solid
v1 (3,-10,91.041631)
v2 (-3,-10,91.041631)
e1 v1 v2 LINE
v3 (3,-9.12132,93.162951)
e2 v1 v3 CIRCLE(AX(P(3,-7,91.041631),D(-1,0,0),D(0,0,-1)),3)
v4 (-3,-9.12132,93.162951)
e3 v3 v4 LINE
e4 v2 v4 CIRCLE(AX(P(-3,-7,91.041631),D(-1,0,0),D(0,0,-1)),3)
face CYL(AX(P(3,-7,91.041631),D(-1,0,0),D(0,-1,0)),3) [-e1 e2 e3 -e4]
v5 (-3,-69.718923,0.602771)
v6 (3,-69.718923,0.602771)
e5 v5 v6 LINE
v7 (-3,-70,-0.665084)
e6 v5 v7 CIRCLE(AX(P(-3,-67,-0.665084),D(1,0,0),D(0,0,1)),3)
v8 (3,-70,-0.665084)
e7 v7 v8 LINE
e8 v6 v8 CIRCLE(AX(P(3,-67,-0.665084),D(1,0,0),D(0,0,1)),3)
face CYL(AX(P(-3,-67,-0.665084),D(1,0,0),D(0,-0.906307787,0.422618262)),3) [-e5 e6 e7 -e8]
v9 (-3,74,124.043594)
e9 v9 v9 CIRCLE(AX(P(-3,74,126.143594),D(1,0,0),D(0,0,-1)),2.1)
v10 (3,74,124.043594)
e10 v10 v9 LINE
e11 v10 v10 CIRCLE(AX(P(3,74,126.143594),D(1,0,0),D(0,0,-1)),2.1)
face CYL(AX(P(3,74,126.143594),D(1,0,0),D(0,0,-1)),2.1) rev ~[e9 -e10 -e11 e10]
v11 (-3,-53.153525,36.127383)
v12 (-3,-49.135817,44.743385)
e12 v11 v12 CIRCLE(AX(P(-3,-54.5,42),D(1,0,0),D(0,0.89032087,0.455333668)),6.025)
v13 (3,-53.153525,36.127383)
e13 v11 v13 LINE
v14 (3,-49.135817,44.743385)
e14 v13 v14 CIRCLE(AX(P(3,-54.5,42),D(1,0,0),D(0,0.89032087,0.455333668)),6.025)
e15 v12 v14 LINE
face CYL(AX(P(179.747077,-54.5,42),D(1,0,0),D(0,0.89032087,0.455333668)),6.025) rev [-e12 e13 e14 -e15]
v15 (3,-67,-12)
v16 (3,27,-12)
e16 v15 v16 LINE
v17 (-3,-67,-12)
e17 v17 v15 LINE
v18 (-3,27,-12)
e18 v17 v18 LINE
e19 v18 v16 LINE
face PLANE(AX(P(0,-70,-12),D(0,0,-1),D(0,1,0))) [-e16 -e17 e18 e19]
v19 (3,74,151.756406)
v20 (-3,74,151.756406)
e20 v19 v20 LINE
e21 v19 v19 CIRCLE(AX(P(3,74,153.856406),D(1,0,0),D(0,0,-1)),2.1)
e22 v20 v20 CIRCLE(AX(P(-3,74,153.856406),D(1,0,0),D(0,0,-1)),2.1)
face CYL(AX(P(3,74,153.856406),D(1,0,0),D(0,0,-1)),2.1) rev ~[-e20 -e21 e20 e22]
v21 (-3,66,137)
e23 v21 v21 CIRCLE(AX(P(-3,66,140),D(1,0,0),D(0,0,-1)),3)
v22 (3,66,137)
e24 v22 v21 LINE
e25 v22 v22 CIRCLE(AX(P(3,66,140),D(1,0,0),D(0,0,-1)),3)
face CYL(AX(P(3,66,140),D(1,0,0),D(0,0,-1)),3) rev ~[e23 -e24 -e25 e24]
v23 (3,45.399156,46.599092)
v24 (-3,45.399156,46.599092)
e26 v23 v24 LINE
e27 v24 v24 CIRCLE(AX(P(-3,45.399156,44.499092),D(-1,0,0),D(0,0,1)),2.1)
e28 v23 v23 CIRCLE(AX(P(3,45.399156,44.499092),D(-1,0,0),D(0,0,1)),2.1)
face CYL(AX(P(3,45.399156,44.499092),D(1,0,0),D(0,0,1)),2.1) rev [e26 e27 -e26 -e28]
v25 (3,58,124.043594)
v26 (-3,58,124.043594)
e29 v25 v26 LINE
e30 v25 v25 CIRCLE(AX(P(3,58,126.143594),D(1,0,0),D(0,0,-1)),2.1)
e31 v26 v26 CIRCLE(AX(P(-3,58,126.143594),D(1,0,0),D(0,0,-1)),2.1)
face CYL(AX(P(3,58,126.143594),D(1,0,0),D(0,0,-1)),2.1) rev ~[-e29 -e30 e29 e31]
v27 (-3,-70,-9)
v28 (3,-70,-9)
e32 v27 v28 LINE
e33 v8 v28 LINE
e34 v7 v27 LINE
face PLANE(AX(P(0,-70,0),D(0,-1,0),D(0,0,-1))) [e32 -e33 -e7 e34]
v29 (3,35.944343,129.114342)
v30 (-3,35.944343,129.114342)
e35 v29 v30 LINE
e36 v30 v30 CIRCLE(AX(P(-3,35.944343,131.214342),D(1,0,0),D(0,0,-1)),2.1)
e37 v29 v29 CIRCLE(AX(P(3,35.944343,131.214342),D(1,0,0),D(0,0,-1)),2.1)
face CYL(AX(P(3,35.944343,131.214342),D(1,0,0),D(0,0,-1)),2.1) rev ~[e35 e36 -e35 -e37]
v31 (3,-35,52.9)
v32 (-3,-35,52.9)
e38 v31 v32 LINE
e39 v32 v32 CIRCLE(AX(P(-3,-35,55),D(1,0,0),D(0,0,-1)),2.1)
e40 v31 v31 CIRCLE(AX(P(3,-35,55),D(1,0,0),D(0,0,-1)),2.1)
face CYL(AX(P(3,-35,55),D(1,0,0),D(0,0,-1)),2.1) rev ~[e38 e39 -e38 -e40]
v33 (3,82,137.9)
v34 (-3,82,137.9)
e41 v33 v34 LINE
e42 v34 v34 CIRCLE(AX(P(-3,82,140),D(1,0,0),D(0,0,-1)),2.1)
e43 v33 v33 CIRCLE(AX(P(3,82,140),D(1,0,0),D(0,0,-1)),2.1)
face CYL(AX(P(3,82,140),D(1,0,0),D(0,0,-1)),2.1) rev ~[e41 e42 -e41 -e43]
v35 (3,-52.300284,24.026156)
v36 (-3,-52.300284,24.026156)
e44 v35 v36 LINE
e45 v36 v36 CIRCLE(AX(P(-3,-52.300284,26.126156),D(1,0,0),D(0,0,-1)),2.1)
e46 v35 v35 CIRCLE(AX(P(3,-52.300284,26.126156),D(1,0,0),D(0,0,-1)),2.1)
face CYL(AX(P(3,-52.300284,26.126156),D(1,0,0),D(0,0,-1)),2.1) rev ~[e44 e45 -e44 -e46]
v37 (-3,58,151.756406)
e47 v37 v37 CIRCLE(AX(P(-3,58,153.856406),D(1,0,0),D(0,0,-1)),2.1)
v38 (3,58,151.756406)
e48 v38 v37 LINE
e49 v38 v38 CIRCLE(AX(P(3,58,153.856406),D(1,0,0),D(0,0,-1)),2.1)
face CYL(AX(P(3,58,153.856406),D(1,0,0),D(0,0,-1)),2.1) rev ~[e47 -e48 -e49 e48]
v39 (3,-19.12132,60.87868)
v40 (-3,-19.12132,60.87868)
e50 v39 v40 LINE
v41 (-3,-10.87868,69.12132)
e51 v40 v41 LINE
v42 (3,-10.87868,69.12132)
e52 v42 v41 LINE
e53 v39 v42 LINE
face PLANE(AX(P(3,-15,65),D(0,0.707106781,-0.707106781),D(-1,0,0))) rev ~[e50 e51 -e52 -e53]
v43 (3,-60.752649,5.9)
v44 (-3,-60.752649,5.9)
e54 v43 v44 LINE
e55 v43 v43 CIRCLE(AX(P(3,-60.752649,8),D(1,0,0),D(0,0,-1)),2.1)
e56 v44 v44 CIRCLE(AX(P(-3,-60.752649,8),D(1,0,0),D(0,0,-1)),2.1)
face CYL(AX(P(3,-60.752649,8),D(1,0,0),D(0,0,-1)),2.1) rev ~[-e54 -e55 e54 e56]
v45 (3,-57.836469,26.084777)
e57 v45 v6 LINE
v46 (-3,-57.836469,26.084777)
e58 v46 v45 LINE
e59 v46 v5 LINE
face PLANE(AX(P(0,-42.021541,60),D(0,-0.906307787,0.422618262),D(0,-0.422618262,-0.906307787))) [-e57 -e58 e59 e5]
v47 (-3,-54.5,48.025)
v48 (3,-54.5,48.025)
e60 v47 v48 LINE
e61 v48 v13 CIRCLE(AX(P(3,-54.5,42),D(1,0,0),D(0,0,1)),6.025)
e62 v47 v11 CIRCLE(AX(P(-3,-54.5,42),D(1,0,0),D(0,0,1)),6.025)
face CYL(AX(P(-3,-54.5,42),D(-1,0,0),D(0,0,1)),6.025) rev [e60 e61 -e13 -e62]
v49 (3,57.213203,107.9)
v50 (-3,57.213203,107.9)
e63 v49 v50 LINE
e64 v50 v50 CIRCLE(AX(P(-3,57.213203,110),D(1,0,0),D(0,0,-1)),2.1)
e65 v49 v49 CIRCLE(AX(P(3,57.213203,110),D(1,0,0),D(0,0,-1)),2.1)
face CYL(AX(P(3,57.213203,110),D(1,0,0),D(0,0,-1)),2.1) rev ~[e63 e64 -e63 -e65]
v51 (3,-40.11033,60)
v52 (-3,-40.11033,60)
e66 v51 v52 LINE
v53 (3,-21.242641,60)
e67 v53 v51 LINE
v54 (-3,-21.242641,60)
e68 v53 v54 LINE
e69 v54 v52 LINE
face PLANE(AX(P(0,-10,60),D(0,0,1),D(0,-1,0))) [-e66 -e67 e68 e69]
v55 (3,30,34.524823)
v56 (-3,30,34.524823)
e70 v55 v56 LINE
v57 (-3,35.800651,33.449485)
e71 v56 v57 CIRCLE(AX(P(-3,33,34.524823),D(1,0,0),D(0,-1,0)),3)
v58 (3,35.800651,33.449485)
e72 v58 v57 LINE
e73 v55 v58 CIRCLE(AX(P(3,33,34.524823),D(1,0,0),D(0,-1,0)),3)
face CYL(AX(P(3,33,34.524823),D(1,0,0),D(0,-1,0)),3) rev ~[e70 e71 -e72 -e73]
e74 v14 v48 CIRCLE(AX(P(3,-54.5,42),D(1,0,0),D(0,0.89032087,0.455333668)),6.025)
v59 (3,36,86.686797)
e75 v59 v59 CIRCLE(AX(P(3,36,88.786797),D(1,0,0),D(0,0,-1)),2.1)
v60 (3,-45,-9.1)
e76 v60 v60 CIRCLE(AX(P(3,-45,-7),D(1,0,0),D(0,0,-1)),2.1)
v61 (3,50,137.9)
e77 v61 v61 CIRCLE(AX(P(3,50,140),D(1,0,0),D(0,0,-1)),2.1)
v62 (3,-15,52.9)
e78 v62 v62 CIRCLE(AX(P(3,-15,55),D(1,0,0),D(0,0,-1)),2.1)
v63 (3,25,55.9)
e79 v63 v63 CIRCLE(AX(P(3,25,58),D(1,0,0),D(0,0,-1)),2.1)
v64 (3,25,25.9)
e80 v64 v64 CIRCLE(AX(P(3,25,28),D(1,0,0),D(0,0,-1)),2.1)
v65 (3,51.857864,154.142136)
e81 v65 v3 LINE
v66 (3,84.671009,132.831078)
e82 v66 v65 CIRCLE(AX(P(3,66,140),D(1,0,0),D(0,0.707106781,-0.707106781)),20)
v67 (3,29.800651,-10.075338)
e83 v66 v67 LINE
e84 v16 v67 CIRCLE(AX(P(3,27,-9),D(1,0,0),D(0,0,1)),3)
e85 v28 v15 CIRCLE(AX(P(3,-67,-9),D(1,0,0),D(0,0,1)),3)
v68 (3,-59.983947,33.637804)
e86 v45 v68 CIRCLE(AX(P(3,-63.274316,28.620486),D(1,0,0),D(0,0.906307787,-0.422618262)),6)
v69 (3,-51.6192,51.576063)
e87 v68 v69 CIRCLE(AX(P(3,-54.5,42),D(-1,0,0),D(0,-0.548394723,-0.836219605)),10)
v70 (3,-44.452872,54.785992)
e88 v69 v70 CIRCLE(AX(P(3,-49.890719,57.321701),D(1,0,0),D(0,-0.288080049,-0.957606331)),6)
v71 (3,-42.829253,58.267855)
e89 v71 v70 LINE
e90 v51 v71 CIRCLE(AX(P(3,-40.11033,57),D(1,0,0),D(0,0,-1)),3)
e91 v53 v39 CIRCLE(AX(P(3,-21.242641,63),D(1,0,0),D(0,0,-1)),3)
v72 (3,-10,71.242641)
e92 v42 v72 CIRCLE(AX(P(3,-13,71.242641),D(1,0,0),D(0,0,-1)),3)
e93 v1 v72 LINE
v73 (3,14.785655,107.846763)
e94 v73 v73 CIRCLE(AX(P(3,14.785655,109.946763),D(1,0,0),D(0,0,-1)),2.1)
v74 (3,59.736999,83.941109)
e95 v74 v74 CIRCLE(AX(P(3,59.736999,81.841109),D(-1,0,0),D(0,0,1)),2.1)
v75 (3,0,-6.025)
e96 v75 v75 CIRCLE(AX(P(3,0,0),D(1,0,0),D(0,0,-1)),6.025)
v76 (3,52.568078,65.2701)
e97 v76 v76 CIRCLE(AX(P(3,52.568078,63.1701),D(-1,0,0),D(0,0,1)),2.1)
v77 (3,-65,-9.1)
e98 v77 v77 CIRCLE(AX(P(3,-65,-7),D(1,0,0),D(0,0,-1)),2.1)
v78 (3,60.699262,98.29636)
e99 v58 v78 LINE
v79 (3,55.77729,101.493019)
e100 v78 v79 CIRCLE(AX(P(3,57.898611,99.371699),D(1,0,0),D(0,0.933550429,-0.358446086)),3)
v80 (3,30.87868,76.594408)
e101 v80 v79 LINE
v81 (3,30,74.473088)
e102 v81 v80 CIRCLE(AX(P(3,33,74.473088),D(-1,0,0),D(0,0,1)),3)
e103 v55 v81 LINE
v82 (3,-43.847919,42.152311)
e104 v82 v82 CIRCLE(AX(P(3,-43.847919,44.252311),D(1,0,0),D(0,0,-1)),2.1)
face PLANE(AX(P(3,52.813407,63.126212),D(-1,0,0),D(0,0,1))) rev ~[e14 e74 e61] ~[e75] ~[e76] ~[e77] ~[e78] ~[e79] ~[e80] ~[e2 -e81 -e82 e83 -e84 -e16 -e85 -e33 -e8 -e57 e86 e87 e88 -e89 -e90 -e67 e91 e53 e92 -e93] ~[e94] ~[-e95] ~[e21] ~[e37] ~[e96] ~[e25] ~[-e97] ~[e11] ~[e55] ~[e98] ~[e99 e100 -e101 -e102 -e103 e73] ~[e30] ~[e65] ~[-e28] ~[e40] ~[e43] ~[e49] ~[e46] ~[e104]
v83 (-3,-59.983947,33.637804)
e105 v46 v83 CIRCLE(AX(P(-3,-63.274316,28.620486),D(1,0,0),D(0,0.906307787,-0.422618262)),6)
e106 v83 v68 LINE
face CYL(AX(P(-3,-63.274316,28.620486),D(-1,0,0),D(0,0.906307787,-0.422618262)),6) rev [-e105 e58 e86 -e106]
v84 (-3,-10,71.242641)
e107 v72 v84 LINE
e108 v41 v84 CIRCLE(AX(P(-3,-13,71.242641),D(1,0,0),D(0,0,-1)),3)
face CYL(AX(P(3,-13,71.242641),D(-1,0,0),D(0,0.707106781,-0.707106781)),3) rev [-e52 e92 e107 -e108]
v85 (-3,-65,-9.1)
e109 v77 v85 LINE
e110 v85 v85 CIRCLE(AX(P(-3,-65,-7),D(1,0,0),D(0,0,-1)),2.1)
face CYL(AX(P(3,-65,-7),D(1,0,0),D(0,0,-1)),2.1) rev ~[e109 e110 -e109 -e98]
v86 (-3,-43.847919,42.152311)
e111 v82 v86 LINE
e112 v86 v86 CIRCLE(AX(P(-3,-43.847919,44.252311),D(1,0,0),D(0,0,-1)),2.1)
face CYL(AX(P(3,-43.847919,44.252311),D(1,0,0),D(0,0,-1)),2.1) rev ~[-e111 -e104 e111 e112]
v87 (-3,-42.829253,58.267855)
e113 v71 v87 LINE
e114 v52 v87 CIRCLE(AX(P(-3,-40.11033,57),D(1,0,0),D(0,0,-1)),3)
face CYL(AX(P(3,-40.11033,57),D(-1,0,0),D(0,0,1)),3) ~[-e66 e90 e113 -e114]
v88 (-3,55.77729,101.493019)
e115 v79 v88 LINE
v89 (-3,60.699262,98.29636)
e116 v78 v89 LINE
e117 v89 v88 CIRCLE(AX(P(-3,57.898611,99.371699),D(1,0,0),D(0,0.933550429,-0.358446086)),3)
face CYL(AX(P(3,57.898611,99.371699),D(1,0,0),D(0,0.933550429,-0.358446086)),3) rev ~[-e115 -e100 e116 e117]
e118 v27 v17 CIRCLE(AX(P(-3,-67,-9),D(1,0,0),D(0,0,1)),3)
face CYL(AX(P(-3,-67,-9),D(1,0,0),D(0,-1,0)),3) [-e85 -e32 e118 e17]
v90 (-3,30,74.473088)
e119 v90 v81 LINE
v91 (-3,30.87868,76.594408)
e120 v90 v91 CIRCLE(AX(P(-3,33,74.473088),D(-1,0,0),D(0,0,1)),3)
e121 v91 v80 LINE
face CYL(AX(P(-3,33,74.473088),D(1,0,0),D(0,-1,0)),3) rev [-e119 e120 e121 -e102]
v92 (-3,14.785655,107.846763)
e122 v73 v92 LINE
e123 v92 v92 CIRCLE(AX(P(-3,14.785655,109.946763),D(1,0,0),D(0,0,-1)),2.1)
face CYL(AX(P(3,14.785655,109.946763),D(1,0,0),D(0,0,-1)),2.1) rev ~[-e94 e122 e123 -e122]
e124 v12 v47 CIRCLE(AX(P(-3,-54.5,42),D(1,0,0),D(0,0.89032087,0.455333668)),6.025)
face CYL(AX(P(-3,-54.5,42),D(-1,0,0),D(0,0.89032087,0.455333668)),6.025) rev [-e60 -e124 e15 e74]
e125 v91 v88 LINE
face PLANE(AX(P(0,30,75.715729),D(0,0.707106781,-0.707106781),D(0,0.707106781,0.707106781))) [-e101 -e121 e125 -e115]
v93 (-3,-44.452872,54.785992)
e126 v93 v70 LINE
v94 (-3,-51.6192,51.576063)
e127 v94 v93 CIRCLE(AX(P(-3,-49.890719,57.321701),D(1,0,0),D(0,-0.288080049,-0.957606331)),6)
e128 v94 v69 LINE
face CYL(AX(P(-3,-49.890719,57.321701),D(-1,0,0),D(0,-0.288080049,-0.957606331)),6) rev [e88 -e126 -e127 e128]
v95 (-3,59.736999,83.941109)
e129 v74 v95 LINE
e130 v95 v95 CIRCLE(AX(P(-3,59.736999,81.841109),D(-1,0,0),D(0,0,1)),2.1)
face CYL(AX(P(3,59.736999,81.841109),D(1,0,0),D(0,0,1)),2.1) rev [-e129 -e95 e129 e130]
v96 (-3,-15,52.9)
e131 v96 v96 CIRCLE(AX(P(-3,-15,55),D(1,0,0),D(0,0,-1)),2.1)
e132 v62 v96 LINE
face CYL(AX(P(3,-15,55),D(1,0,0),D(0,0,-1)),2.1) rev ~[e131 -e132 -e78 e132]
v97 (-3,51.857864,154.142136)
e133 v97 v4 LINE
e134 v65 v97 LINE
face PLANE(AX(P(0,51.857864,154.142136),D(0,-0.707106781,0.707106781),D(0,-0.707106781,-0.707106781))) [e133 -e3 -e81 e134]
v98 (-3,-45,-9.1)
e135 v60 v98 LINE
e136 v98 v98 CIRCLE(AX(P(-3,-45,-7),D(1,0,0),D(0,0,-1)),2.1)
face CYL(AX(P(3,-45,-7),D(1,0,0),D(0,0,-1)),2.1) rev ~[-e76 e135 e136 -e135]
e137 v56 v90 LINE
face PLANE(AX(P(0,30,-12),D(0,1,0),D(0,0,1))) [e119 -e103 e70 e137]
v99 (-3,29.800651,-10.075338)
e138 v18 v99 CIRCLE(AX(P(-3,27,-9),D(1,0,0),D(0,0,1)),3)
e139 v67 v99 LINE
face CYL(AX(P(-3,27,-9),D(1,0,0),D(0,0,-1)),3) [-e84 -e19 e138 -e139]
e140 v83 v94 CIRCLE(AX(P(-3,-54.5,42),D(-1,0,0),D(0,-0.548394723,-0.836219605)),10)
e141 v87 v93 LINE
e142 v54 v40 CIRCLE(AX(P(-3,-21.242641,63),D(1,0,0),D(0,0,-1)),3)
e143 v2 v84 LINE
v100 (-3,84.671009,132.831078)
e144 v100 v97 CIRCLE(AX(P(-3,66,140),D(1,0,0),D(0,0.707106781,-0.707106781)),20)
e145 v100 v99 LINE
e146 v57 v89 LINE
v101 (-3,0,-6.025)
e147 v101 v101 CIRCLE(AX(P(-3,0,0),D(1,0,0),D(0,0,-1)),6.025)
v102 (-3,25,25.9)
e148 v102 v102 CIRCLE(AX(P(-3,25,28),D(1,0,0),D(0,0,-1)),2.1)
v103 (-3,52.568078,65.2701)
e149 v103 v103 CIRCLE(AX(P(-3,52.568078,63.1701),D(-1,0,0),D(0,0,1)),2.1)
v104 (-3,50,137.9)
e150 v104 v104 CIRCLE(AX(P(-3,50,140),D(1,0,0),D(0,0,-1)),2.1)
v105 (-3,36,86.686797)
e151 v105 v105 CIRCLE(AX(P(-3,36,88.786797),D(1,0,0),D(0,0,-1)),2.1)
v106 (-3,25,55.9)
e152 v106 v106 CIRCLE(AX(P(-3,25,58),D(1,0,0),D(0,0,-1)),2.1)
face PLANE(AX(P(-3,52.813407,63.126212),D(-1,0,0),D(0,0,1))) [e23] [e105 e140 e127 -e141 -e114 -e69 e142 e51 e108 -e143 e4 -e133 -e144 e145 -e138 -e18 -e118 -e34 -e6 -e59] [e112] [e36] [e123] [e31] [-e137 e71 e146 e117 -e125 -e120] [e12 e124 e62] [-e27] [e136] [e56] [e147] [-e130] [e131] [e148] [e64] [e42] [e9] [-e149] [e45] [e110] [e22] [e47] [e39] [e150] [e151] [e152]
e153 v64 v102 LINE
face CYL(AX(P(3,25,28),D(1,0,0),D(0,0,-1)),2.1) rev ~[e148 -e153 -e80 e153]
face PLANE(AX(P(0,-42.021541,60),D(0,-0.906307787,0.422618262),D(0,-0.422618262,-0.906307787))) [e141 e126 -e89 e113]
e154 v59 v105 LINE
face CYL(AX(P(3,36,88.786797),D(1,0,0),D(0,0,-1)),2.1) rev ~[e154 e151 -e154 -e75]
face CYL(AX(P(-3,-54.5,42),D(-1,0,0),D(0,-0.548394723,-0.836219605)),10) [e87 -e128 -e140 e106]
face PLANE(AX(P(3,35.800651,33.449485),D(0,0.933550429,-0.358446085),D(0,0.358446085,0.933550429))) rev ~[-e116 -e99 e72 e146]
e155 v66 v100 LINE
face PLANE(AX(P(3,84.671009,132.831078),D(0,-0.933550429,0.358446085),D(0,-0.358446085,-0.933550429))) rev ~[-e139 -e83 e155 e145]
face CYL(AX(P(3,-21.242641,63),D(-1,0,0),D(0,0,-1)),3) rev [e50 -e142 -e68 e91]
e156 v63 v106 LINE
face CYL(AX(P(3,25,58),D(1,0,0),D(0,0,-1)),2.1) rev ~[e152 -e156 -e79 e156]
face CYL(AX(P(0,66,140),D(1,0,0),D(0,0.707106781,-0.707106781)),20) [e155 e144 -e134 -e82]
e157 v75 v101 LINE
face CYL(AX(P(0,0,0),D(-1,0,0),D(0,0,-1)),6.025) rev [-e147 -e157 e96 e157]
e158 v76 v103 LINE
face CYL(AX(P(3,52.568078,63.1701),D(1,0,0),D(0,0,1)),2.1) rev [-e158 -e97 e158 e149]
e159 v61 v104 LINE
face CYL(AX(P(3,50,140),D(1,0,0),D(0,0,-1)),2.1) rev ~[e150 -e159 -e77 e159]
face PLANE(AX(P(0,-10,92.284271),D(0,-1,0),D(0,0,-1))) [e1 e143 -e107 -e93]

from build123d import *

# Parameters (mm, degrees)
SKETCH_1_R               = 6.025
EXTRUDE_1_DEPTH          = 3
SKETCH_2_R               = 3
SKETCH_2_R_2             = 2.1
CUT_EXTRUDE_1_DEPTH      = 10
SKETCH_4_R               = 2.1
CUT_EXTRUDE_3_DEPTH      = 10
CHAMFER_1_SIZE           = 10
FILLET_1_R               = 3
SKETCH_5_R               = 2.1
CUT_EXTRUDE_4_DEPTH      = 10
EXTRUDE_2_DEPTH          = 6
CUT_EXTRUDE_6_DEPTH      = 182.747077005
CUT_EXTRUDE_6_DEPTH_BACK = 182.747077005
EXTRUDE_START            = -6
SKETCH_7_R               = 2.1
EXTRUDE_3_DEPTH          = 6


with BuildPart() as part:
    # 草图1 → 凸台-拉伸1 (new, symmetric)
    with BuildSketch(Plane(origin=(0, 0, 0), x_dir=(0, 0, -1), z_dir=(1, 0, 0))):
        with BuildLine():
            Line((-60, -42.021540511), (0, -70))
            Line((0, -70), (12, -70))
            Line((12, -70), (12, 30))
            Line((12, 30), (-75.715728753, 30))
            Line((-75.715728753, 30), (-125.857864376, 80.142135624))
            ThreePointArc((-125.857864376, 80.142135624), (-154.142135624, 80.142135624), (-154.142135624, 51.857864376))
            Line((-154.142135624, 51.857864376), (-92.284271247, -10))
            Line((-92.284271247, -10), (-60, -10))
            Line((-60, -10), (-60, -42.021540511))
        make_face()
        Circle(SKETCH_1_R, mode=Mode.SUBTRACT)
    extrude(amount=EXTRUDE_1_DEPTH, both=True)

    # 草图2 → 切除-拉伸1 (cut)
    with BuildSketch(Plane(origin=(3, 0, 0), x_dir=(0, 0, -1), z_dir=(1, 0, 0))):
        with Locations((-140, 66)):
            Circle(SKETCH_2_R)
        with Locations((-140, 82)):
            Circle(SKETCH_2_R_2)
        with Locations((-126.143593539, 74)):
            Circle(SKETCH_2_R_2)
        with Locations((-126.143593539, 58)):
            Circle(SKETCH_2_R_2)
        with Locations((-140, 50)):
            Circle(SKETCH_2_R_2)
        with Locations((-153.856406461, 58)):
            Circle(SKETCH_2_R_2)
        with Locations((-153.856406461, 74)):
            Circle(SKETCH_2_R_2)
    extrude(amount=-CUT_EXTRUDE_1_DEPTH, mode=Mode.SUBTRACT)

    # 草图4 → 切除-拉伸3 (cut)
    with BuildSketch(Plane(origin=(3, 0, 0), x_dir=(0, 0, -1), z_dir=(1, 0, 0))):
        with Locations((-55, -15)):
            Circle(SKETCH_4_R)
        with Locations((-55, -35)):
            Circle(SKETCH_4_R)
        with Locations((7, -65)):
            Circle(SKETCH_4_R)
        with Locations((7, -45)):
            Circle(SKETCH_4_R)
        with Locations((-8, -60.75264914)):
            Circle(SKETCH_4_R)
        with Locations((-26.126155741, -52.300283905)):
            Circle(SKETCH_4_R)
        with Locations((-44.252311481, -43.84791867)):
            Circle(SKETCH_4_R)
    extrude(amount=-CUT_EXTRUDE_3_DEPTH, mode=Mode.SUBTRACT)

    # 倒角1
    chamfer_1_edges = [part.edges().sort_by_distance(p)[0] for p in [
        (0, -10, 60),
    ]]
    chamfer(chamfer_1_edges, length=CHAMFER_1_SIZE)

    # 圆角1
    fillet_1_edges = [part.edges().sort_by_distance(p)[0] for p in [
        (0, -20, 60),
        (0, -10, 70),
        (0, 30, -12),
        (0, -70, -12),
        (0, -70, 0),
        (0, -42.021540511, 60),
        (0, -10, 92.284271247),
        (0, 30, 75.715728753),
    ]]
    fillet(fillet_1_edges, radius=FILLET_1_R)

    # 草图5 → 切除-拉伸4 (cut)
    with BuildSketch(Plane(origin=(3, 0, 0), x_dir=(0, 0, -1), z_dir=(1, 0, 0))):
        with Locations((-110, 57.213203436)):
            Circle(SKETCH_5_R)
        with Locations((-88.786796564, 36)):
            Circle(SKETCH_5_R)
        with Locations((-109.946763354, 14.785654888)):
            Circle(SKETCH_5_R)
        with Locations((-131.214342006, 35.94434337)):
            Circle(SKETCH_5_R)
        with Locations((-58, 25)):
            Circle(SKETCH_5_R)
        with Locations((-28, 25)):
            Circle(SKETCH_5_R)
    extrude(amount=-CUT_EXTRUDE_4_DEPTH, mode=Mode.SUBTRACT)

    # 草图6 → 凸台-拉伸2 (add)
    with BuildSketch(Plane.ZY.offset(3)):
        with BuildLine():
            Line((36.127383127, -53.153524579), (26.084776747, -57.836468842))
            ThreePointArc((26.084776747, -57.836468842), (30.261373424, -57.503051447), (33.637803948, -59.983947227))
            ThreePointArc((33.637803948, -59.983947227), (46.226182617, -63.56307787), (51.576063312, -51.619199512))
            ThreePointArc((51.576063312, -51.619199512), (51.845914592, -47.438014603), (54.785991728, -44.452872497))
            Line((54.785991728, -44.452872497), (44.743385348, -49.13581676))
            ThreePointArc((44.743385348, -49.13581676), (47.139529245, -51.355820594), (48.025, -54.5))
            ThreePointArc((48.025, -54.5), (41.322464636, -60.486783012), (36.127383127, -53.153524579))
        make_face()
    extrude(amount=-EXTRUDE_2_DEPTH)

    # 草图6<3> → 切除-拉伸6 (cut, two sides: drawn at the far end of the back side and taken through both)
    with BuildSketch(Plane.ZY.offset(3).offset(-CUT_EXTRUDE_6_DEPTH_BACK)):
        with BuildLine():
            ThreePointArc((44.743385348, -49.13581676), (39.453724973, -49.039495583), (36.127383127, -53.153524579))
            Line((36.127383127, -53.153524579), (44.743385348, -49.13581676))
        make_face()
        with BuildLine():
            Line((44.743385348, -49.13581676), (36.127383127, -53.153524579))
            ThreePointArc((36.127383127, -53.153524579), (41.322464636, -60.486783012), (48.025, -54.5))
            ThreePointArc((48.025, -54.5), (47.139529245, -51.355820594), (44.743385348, -49.13581676))
        make_face()
    extrude(amount=CUT_EXTRUDE_6_DEPTH + CUT_EXTRUDE_6_DEPTH_BACK, mode=Mode.SUBTRACT)

    # 草图7 → 凸台-拉伸3 (add)
    with BuildSketch(Plane.ZY.offset(3).offset(EXTRUDE_START)):
        with BuildLine():
            ThreePointArc((98.29636037, 60.699261849), (101.887641952, 59.532632956), (101.49301897, 55.777290218))
            Line((101.49301897, 55.777290218), (125.857864376, 80.142135624))
            ThreePointArc((125.857864376, 80.142135624), (129.106517373, 82.772955502), (132.83107829, 84.671008583))
            Line((132.83107829, 84.671008583), (-10.075338256, 29.800651288))
            ThreePointArc((-10.075338256, 29.800651288), (-9.546830018, 29.949741841), (-9, 30))
            Line((-9, 30), (34.524823416, 30))
            ThreePointArc((34.524823416, 30), (31.575081575, 32.453169982), (33.44948516, 35.800651288))
            Line((33.44948516, 35.800651288), (98.29636037, 60.699261849))
        make_face()
        with Locations((44.499091861, 45.39915608)):
            Circle(SKETCH_7_R, mode=Mode.SUBTRACT)
        with Locations((63.170100444, 52.56807779)):
            Circle(SKETCH_7_R, mode=Mode.SUBTRACT)
        with Locations((81.841109028, 59.736999499)):
            Circle(SKETCH_7_R, mode=Mode.SUBTRACT)
    extrude(amount=EXTRUDE_3_DEPTH)


solid = part.part
